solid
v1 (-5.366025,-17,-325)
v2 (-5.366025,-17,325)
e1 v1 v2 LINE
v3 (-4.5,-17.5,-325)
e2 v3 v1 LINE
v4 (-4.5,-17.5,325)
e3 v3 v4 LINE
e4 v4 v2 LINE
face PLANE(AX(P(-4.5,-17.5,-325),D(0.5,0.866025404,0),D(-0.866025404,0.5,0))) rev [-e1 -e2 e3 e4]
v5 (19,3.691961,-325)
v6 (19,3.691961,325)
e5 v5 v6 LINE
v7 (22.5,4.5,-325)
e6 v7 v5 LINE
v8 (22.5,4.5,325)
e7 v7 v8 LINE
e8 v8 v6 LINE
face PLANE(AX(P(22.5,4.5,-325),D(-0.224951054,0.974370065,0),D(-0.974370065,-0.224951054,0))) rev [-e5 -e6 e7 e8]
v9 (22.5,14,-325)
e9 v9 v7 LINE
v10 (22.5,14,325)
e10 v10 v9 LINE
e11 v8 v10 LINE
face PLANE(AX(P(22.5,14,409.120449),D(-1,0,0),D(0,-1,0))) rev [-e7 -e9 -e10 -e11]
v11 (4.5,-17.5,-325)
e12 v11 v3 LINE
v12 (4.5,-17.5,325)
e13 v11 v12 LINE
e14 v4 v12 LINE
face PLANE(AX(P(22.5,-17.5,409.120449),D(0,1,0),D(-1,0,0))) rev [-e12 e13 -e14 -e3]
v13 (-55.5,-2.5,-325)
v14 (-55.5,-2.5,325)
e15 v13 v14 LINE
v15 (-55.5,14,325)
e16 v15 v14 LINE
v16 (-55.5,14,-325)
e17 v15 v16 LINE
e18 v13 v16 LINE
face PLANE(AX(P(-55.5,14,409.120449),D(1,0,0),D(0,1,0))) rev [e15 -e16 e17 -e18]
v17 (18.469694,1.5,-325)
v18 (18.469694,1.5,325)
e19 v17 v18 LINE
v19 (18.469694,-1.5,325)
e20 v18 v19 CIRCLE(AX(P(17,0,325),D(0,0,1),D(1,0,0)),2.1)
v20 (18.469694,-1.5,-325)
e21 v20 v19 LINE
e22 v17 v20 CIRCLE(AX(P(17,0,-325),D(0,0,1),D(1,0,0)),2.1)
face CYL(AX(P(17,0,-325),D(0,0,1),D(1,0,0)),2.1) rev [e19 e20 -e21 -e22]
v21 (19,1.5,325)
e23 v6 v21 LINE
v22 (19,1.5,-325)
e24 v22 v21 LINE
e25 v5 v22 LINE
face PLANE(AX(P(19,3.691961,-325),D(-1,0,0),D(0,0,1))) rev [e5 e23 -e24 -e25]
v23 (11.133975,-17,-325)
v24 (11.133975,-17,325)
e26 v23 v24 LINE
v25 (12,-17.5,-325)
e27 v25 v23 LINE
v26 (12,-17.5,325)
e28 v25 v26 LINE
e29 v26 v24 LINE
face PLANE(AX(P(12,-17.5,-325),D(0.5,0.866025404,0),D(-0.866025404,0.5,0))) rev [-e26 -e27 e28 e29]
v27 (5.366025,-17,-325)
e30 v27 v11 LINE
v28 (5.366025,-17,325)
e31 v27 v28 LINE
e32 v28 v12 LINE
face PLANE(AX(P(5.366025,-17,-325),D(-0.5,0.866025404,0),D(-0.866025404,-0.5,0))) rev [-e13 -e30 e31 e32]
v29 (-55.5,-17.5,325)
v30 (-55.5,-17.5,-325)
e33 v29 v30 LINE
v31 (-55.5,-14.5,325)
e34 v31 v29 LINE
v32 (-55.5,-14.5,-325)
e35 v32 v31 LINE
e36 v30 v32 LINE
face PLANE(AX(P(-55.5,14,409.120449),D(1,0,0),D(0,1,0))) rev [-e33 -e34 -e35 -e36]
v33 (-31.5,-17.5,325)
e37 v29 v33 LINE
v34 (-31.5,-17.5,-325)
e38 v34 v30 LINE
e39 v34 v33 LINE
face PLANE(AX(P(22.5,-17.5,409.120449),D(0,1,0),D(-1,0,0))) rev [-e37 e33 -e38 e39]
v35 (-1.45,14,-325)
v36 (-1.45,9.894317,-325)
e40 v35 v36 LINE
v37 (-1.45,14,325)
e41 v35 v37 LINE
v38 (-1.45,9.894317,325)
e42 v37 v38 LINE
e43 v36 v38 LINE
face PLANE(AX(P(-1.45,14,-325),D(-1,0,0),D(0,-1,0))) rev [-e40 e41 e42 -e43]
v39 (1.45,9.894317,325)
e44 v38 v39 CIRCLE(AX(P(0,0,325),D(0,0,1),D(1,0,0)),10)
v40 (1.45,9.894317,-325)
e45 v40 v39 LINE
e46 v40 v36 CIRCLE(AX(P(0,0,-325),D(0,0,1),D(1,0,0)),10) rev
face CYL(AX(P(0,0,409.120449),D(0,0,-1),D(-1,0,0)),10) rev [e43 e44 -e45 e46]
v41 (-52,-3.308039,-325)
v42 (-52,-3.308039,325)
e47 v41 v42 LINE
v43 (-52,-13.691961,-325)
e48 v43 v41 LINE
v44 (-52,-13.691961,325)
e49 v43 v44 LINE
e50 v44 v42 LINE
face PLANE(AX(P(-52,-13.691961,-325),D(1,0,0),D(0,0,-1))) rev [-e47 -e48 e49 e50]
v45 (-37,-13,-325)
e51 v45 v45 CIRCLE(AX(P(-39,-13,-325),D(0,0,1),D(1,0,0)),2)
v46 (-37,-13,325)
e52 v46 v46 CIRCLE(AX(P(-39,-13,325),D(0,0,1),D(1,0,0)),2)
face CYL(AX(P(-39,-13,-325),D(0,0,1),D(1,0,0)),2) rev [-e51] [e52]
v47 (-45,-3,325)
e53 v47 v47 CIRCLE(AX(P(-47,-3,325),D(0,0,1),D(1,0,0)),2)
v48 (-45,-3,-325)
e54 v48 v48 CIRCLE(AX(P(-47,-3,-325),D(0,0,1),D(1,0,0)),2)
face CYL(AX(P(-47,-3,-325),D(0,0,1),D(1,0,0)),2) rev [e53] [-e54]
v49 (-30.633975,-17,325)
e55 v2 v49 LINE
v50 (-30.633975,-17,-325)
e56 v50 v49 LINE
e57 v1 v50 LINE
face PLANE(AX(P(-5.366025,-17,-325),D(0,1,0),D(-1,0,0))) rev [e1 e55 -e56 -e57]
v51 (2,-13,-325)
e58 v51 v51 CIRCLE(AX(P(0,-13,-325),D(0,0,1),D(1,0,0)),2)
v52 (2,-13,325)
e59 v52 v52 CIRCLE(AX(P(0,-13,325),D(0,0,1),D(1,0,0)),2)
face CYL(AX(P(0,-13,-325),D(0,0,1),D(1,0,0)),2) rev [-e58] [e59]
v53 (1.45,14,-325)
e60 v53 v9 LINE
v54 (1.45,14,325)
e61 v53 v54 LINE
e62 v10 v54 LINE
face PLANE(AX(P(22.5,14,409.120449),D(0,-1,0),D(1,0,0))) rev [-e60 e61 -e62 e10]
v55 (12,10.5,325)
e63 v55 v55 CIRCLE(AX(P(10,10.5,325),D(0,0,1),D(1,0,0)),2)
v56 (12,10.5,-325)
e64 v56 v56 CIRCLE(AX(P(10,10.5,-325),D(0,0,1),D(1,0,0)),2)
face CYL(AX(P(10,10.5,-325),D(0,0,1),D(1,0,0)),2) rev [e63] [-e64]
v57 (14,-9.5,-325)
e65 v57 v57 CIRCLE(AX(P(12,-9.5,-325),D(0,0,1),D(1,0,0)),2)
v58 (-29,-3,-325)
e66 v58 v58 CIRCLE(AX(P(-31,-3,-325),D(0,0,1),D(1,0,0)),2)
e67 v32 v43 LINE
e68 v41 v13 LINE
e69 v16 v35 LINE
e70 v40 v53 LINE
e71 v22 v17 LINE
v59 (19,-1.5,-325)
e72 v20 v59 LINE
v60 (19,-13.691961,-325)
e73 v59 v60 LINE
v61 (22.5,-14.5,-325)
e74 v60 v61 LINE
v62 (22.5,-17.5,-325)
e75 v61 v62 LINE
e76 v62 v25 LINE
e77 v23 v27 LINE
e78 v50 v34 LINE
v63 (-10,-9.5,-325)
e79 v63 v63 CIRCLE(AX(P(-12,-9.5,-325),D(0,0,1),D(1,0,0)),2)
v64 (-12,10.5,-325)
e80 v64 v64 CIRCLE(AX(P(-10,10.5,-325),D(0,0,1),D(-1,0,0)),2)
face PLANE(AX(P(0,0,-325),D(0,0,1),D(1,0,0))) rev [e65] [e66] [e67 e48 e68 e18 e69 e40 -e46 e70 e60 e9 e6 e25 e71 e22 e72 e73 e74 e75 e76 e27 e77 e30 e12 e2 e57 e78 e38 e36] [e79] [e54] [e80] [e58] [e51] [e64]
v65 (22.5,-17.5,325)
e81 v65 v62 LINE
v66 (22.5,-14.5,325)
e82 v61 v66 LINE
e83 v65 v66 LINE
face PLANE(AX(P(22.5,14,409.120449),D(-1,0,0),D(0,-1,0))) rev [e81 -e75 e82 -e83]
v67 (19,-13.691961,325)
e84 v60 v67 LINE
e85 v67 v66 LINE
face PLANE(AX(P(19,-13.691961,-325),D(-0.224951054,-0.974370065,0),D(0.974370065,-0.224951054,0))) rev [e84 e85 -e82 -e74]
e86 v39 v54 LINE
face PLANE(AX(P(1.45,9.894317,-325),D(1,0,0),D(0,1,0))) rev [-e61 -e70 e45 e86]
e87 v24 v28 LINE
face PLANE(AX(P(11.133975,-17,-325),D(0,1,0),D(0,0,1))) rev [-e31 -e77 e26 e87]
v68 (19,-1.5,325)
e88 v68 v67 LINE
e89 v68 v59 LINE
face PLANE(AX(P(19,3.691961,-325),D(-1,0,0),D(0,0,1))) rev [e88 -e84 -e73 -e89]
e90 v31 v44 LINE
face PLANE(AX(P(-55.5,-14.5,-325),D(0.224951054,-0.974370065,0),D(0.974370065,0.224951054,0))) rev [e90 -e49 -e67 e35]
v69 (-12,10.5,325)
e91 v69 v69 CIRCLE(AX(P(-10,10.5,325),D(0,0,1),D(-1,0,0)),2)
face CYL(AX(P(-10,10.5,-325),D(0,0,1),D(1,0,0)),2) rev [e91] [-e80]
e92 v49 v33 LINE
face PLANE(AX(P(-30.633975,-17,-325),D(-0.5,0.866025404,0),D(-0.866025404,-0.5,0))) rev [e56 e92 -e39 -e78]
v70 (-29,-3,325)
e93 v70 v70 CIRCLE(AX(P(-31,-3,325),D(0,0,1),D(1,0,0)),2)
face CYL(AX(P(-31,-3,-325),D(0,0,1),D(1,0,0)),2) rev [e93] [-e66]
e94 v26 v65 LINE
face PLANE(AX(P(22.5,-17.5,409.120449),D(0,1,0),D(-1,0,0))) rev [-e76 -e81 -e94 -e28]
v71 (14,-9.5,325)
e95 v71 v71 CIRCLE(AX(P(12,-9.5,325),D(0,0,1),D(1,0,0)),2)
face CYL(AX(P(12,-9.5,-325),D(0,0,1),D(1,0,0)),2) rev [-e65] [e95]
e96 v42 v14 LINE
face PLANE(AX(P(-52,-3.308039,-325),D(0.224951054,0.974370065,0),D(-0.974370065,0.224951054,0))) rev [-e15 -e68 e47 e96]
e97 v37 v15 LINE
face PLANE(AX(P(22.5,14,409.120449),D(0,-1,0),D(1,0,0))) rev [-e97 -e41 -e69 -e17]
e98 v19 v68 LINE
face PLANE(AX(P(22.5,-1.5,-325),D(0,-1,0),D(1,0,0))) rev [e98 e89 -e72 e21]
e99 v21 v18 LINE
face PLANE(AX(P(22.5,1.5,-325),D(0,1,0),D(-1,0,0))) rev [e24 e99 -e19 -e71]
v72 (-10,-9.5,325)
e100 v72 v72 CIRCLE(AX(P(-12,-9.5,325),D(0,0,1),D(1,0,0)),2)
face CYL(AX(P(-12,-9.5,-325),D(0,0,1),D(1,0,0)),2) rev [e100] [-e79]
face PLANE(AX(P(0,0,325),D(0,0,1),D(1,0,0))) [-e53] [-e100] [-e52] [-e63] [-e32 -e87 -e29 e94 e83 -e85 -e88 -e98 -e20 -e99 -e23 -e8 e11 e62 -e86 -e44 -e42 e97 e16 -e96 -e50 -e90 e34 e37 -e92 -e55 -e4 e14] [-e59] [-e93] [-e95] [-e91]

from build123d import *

# Parameters (mm, degrees)
BASE_DEPTH                = 325
BASE_DEPTH_BACK           = 325
BASE_SKETCH_W             = 78
BASE_SKETCH_H             = 31.5
BASE_SKETCH_R             = 10
BASE_GROOVE_DEPTH         = 331.168896173
BASE_GROOVE_DEPTH_BACK    = 331.168896173
SEAL_GROOVE_DEPTH         = 331.168896173
SEAL_GROOVE_DEPTH_BACK    = 331.168896173
HOLES_DEPTH               = 331.168896173
HOLES_DEPTH_BACK          = 331.168896173
HOLES_SKETCH_R            = 2
SWITCH_GROOVE1_DEPTH      = 331.168896173
SWITCH_GROOVE1_DEPTH_BACK = 331.168896173
SIDE_GROOVE1_DEPTH        = 331.168896173
SIDE_GROOVE1_DEPTH_BACK   = 331.168896173
SIDE_GROOVE2_DEPTH        = 331.168896173
SIDE_GROOVE2_DEPTH_BACK   = 331.168896173


with BuildPart() as part:
    # Base_Sketch → Base (new, two sides: drawn at the far end of the back side and taken through both)
    with BuildSketch(Plane.XY.offset(-BASE_DEPTH_BACK)):
        with Locations((-16.5, -1.75)):
            Rectangle(BASE_SKETCH_W, BASE_SKETCH_H)
        Circle(BASE_SKETCH_R, mode=Mode.SUBTRACT)
    extrude(amount=BASE_DEPTH + BASE_DEPTH_BACK)

    # Base_Groove_Sketch → Base_Groove (cut, two sides: drawn at the far end of the back side and taken through both)
    with BuildSketch(Plane.XY.offset(-BASE_GROOVE_DEPTH_BACK)):
        Polygon((12, -17.5), (11.133974596, -17), (5.366025404, -17), (4.5, -17.5), align=None)
        Polygon((-4.5, -17.5), (-5.366025404, -17), (-30.633974596, -17), (-31.5, -17.5), align=None)
    extrude(amount=BASE_GROOVE_DEPTH + BASE_GROOVE_DEPTH_BACK, mode=Mode.SUBTRACT)

    # Seal_Groove_Sketch → Seal_Groove (cut, two sides: drawn at the far end of the back side and taken through both)
    with BuildSketch(Plane.XY.offset(-SEAL_GROOVE_DEPTH_BACK)):
        with BuildLine():
            Line((-1.45, 14), (-1.45, 9.89431655))
            ThreePointArc((-1.45, 9.89431655), (0, 10), (1.45, 9.89431655))
            Line((1.45, 9.89431655), (1.45, 14))
            Line((1.45, 14), (-1.45, 14))
        make_face()
    extrude(amount=SEAL_GROOVE_DEPTH + SEAL_GROOVE_DEPTH_BACK, mode=Mode.SUBTRACT)

    # Holes_Sketch → Holes (cut, two sides: drawn at the far end of the back side and taken through both)
    with BuildSketch(Plane.XY.offset(-HOLES_DEPTH_BACK)):
        with Locations((12, -9.5)):
            Circle(HOLES_SKETCH_R)
        with Locations((-12, -9.5)):
            Circle(HOLES_SKETCH_R)
        with Locations((10, 10.5)):
            Circle(HOLES_SKETCH_R)
        with Locations(Location((-10, 10.5, 0), (0, 0, 180))):
            Circle(HOLES_SKETCH_R)
        with Locations((0, -13)):
            Circle(HOLES_SKETCH_R)
        with Locations((-31, -3)):
            Circle(HOLES_SKETCH_R)
        with Locations((-47, -3)):
            Circle(HOLES_SKETCH_R)
        with Locations((-39, -13)):
            Circle(HOLES_SKETCH_R)
    extrude(amount=HOLES_DEPTH + HOLES_DEPTH_BACK, mode=Mode.SUBTRACT)

    # Switch_Groove1_Sketch (on Front Plane) → Switch_Groove1 (cut, two sides: drawn at the far end of the back side and taken through both)
    with BuildSketch(Plane.XY.offset(-SWITCH_GROOVE1_DEPTH_BACK)):
        with BuildLine():
            Line((22.5, 1.5), (18.469693846, 1.5))
            ThreePointArc((18.469693846, 1.5), (14.9, 0), (18.469693846, -1.5))
            Line((18.469693846, -1.5), (22.5, -1.5))
            Line((22.5, -1.5), (22.5, 1.5))
        make_face()
    extrude(amount=SWITCH_GROOVE1_DEPTH + SWITCH_GROOVE1_DEPTH_BACK, mode=Mode.SUBTRACT)

    # Side_Groove1_Sketch → Side_Groove1 (cut, two sides: drawn at the far end of the back side and taken through both)
    with BuildSketch(Plane.XY.offset(-SIDE_GROOVE1_DEPTH_BACK)):
        Polygon((-55.5, -14.5), (-52, -13.691961331), (-52, -3.308038669), (-55.5, -2.5), align=None)
    extrude(amount=SIDE_GROOVE1_DEPTH + SIDE_GROOVE1_DEPTH_BACK, mode=Mode.SUBTRACT)

    # Side_Groove2_Sketch → Side_Groove2 (cut, two sides: drawn at the far end of the back side and taken through both)
    with BuildSketch(Plane.XY.offset(-SIDE_GROOVE2_DEPTH_BACK)):
        Polygon((22.5, 4.5), (19, 3.691961331), (19, -13.691961331), (22.5, -14.5), align=None)
    extrude(amount=SIDE_GROOVE2_DEPTH + SIDE_GROOVE2_DEPTH_BACK, mode=Mode.SUBTRACT)


solid = part.part
